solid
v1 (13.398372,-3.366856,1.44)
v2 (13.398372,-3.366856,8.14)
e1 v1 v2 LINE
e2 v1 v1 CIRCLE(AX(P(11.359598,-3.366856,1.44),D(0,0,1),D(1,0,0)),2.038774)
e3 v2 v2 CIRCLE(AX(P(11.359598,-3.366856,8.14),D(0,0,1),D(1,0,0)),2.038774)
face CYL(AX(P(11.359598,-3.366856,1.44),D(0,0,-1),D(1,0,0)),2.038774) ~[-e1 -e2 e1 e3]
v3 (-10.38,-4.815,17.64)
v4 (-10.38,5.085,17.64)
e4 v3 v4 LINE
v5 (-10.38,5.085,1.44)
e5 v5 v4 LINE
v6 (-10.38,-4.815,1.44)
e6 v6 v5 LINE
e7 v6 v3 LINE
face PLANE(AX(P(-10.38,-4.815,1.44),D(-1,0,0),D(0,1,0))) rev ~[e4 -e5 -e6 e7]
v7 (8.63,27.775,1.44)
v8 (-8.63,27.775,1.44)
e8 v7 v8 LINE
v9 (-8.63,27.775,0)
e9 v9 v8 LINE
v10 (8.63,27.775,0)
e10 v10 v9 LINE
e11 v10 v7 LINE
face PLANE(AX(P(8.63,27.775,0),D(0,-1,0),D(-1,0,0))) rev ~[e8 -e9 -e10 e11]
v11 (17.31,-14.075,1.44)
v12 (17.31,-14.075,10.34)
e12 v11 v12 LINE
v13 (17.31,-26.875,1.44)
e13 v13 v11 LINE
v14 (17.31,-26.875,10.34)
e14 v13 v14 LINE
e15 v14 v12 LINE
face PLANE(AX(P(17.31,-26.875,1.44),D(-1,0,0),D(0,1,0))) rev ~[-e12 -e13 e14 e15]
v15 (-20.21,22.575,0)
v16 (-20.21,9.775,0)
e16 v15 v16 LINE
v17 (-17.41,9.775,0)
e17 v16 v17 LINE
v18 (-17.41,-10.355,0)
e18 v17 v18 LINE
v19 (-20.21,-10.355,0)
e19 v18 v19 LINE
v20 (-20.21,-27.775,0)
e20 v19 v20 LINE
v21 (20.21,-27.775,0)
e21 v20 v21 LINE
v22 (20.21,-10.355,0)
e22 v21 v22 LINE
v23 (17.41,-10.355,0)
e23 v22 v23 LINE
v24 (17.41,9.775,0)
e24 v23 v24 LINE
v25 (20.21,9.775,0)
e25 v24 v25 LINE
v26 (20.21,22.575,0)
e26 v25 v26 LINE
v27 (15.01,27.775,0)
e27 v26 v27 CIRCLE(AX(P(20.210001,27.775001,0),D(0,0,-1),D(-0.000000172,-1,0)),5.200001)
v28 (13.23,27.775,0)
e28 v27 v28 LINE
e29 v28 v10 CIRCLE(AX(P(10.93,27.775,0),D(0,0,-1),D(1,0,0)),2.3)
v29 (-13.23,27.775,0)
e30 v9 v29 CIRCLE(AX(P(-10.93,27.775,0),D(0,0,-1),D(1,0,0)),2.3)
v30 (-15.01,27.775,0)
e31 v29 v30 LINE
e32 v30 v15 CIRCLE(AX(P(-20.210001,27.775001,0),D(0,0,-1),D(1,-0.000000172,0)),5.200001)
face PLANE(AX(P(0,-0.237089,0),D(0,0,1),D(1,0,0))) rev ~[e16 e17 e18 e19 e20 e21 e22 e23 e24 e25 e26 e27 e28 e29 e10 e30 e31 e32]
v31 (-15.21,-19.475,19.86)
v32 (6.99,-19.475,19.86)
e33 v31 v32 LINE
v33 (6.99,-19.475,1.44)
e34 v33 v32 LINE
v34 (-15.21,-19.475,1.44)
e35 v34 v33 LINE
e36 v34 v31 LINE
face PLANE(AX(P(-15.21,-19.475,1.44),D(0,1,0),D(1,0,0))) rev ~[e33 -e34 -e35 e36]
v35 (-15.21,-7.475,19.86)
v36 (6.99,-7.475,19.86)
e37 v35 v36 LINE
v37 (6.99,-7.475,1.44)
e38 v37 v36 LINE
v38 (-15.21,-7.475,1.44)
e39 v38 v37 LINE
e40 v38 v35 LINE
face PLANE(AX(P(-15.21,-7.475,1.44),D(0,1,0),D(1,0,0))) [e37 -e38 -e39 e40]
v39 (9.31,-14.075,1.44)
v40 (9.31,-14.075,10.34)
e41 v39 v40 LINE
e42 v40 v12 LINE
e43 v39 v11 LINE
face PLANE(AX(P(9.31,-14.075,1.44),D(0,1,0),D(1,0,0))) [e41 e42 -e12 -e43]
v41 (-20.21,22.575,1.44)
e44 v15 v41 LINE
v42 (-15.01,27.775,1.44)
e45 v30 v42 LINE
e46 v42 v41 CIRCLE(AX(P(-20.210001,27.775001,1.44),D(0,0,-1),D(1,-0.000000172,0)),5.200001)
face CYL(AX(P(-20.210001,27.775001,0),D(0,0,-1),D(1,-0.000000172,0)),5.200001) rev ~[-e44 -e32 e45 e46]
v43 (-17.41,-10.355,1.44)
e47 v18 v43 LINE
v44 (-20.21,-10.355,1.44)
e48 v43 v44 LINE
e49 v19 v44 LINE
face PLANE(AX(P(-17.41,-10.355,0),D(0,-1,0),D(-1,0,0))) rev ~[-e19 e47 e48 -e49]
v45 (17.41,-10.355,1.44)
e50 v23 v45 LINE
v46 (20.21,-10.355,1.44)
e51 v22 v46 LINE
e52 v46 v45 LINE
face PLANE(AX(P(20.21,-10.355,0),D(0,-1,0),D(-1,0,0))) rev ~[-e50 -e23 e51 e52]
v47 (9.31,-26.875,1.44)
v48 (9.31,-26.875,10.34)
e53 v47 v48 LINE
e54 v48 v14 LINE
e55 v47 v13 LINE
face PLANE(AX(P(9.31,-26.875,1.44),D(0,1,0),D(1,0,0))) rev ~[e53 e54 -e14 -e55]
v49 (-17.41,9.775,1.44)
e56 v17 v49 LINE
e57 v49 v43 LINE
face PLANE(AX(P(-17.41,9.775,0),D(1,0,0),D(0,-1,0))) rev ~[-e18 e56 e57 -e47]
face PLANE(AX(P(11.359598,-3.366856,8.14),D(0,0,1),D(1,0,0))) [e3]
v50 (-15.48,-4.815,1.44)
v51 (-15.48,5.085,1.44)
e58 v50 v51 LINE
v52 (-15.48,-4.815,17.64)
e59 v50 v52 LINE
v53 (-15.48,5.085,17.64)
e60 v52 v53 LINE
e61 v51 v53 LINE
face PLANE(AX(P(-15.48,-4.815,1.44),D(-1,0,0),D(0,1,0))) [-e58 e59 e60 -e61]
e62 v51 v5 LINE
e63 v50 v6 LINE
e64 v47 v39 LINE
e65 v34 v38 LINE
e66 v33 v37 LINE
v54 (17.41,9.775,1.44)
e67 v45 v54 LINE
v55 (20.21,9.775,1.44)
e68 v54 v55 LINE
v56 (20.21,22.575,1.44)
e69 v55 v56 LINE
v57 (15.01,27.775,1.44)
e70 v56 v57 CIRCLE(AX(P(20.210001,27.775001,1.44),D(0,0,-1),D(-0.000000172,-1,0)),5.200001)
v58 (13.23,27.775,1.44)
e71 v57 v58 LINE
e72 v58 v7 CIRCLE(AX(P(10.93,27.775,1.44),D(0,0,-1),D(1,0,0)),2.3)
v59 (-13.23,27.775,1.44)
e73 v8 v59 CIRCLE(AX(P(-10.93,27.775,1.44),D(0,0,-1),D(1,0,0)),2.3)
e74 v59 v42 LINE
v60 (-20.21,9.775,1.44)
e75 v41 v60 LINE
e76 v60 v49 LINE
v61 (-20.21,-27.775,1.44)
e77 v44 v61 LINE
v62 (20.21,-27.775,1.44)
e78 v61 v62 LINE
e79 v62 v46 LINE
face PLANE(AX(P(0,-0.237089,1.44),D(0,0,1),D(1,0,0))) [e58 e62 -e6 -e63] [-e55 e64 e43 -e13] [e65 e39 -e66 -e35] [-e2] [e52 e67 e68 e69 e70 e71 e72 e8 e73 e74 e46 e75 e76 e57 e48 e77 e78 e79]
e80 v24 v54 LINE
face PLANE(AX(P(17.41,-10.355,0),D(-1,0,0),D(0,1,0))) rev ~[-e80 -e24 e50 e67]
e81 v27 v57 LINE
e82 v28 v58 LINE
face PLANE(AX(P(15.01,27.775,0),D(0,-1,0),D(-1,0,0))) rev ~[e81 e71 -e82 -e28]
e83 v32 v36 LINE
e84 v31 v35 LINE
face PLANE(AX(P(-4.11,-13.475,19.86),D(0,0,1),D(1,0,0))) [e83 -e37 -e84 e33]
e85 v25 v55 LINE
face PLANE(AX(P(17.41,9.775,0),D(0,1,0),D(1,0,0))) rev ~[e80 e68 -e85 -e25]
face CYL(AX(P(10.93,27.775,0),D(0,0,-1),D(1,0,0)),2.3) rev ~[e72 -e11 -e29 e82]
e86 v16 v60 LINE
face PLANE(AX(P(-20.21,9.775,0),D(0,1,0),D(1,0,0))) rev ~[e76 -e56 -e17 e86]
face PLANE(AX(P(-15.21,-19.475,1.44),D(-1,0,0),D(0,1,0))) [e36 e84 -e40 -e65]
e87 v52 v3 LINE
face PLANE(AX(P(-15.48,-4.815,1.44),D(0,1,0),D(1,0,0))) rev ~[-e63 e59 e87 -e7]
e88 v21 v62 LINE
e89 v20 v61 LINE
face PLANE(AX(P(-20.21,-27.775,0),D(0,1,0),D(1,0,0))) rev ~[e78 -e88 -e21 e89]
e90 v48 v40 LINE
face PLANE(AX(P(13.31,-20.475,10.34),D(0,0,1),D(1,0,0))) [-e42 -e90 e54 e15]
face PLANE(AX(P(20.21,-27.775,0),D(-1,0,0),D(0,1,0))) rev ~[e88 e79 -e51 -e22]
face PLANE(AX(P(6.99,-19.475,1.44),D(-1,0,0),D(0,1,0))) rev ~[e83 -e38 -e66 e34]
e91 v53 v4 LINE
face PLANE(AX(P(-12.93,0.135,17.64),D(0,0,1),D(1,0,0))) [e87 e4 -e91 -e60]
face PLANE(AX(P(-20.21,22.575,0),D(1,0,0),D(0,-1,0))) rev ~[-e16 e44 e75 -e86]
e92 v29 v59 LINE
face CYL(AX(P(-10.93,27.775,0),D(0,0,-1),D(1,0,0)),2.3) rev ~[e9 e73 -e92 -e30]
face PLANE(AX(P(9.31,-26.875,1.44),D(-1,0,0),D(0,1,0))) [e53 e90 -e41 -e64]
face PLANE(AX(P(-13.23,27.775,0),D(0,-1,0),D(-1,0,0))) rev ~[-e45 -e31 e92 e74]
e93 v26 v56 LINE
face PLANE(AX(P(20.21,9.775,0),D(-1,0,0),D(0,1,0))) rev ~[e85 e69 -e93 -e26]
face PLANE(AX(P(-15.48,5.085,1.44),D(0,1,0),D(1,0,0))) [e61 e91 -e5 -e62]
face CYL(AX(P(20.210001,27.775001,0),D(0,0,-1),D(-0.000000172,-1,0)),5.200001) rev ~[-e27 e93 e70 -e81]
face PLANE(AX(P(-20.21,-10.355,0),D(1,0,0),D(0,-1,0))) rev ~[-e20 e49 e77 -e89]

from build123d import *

# Parameters (mm, degrees)
F1_DEPTH = 1.44
F2_W     = 22.2
F2_H     = 12
F3_DEPTH = 18.42
F2_W_2   = 5.1
F2_H_2   = 9.9
F4_DEPTH = 16.2
F2_W_3   = 8
F2_H_3   = 12.8
F5_DEPTH = 8.9
F2_R     = 2.038774
F6_DEPTH = 6.7


with BuildPart() as f1:
    # F0 (on Top) → F1 (new body)
    with BuildSketch(Plane.XY):
        with BuildLine():
            Line((-20.21, -27.775), (20.21, -27.775))
            Line((20.21, -27.775), (20.21, -10.355))
            Line((20.21, -10.355), (17.41, -10.355))
            Line((17.41, -10.355), (17.41, 9.775))
            Line((17.41, 9.775), (20.21, 9.775))
            Line((20.21, 9.775), (20.21, 22.575))
            ThreePointArc((20.21, 22.575), (16.533045, 24.098045), (15.01, 27.775))
            Line((15.01, 27.775), (13.23, 27.775))
            ThreePointArc((13.23, 27.775), (10.93, 25.475), (8.63, 27.775))
            Line((8.63, 27.775), (-8.63, 27.775))
            ThreePointArc((-8.63, 27.775), (-10.93, 25.475), (-13.23, 27.775))
            Line((-13.23, 27.775), (-15.01, 27.775))
            ThreePointArc((-15.01, 27.775), (-16.533045, 24.098045), (-20.21, 22.575))
            Line((-20.21, 22.575), (-20.21, 9.775))
            Line((-20.21, 9.775), (-17.41, 9.775))
            Line((-17.41, 9.775), (-17.41, -10.355))
            Line((-17.41, -10.355), (-20.21, -10.355))
            Line((-20.21, -10.355), (-20.21, -27.775))
        make_face()
    extrude(amount=F1_DEPTH)

    # F2 (on face) → F3 (join)
    with BuildSketch(Plane.XY.offset(1.44)):
        with Locations((-4.11, -13.475)):
            Rectangle(F2_W, F2_H)
    extrude(amount=F3_DEPTH)

    # F2 (on face) → F4 (join)
    with BuildSketch(Plane.XY.offset(1.44)):
        with Locations((-12.93, 0.135)):
            Rectangle(F2_W_2, F2_H_2)
    extrude(amount=F4_DEPTH)

    # F2 (on face) → F5 (join)
    with BuildSketch(Plane.XY.offset(1.44)):
        with Locations((13.31, -20.475)):
            Rectangle(F2_W_3, F2_H_3)
    extrude(amount=F5_DEPTH)

    # F2 (on face) → F6 (join)
    with BuildSketch(Plane.XY.offset(1.44)):
        with Locations((11.359598, -3.366856)):
            Circle(F2_R)
    extrude(amount=F6_DEPTH)


solid = f1.part
